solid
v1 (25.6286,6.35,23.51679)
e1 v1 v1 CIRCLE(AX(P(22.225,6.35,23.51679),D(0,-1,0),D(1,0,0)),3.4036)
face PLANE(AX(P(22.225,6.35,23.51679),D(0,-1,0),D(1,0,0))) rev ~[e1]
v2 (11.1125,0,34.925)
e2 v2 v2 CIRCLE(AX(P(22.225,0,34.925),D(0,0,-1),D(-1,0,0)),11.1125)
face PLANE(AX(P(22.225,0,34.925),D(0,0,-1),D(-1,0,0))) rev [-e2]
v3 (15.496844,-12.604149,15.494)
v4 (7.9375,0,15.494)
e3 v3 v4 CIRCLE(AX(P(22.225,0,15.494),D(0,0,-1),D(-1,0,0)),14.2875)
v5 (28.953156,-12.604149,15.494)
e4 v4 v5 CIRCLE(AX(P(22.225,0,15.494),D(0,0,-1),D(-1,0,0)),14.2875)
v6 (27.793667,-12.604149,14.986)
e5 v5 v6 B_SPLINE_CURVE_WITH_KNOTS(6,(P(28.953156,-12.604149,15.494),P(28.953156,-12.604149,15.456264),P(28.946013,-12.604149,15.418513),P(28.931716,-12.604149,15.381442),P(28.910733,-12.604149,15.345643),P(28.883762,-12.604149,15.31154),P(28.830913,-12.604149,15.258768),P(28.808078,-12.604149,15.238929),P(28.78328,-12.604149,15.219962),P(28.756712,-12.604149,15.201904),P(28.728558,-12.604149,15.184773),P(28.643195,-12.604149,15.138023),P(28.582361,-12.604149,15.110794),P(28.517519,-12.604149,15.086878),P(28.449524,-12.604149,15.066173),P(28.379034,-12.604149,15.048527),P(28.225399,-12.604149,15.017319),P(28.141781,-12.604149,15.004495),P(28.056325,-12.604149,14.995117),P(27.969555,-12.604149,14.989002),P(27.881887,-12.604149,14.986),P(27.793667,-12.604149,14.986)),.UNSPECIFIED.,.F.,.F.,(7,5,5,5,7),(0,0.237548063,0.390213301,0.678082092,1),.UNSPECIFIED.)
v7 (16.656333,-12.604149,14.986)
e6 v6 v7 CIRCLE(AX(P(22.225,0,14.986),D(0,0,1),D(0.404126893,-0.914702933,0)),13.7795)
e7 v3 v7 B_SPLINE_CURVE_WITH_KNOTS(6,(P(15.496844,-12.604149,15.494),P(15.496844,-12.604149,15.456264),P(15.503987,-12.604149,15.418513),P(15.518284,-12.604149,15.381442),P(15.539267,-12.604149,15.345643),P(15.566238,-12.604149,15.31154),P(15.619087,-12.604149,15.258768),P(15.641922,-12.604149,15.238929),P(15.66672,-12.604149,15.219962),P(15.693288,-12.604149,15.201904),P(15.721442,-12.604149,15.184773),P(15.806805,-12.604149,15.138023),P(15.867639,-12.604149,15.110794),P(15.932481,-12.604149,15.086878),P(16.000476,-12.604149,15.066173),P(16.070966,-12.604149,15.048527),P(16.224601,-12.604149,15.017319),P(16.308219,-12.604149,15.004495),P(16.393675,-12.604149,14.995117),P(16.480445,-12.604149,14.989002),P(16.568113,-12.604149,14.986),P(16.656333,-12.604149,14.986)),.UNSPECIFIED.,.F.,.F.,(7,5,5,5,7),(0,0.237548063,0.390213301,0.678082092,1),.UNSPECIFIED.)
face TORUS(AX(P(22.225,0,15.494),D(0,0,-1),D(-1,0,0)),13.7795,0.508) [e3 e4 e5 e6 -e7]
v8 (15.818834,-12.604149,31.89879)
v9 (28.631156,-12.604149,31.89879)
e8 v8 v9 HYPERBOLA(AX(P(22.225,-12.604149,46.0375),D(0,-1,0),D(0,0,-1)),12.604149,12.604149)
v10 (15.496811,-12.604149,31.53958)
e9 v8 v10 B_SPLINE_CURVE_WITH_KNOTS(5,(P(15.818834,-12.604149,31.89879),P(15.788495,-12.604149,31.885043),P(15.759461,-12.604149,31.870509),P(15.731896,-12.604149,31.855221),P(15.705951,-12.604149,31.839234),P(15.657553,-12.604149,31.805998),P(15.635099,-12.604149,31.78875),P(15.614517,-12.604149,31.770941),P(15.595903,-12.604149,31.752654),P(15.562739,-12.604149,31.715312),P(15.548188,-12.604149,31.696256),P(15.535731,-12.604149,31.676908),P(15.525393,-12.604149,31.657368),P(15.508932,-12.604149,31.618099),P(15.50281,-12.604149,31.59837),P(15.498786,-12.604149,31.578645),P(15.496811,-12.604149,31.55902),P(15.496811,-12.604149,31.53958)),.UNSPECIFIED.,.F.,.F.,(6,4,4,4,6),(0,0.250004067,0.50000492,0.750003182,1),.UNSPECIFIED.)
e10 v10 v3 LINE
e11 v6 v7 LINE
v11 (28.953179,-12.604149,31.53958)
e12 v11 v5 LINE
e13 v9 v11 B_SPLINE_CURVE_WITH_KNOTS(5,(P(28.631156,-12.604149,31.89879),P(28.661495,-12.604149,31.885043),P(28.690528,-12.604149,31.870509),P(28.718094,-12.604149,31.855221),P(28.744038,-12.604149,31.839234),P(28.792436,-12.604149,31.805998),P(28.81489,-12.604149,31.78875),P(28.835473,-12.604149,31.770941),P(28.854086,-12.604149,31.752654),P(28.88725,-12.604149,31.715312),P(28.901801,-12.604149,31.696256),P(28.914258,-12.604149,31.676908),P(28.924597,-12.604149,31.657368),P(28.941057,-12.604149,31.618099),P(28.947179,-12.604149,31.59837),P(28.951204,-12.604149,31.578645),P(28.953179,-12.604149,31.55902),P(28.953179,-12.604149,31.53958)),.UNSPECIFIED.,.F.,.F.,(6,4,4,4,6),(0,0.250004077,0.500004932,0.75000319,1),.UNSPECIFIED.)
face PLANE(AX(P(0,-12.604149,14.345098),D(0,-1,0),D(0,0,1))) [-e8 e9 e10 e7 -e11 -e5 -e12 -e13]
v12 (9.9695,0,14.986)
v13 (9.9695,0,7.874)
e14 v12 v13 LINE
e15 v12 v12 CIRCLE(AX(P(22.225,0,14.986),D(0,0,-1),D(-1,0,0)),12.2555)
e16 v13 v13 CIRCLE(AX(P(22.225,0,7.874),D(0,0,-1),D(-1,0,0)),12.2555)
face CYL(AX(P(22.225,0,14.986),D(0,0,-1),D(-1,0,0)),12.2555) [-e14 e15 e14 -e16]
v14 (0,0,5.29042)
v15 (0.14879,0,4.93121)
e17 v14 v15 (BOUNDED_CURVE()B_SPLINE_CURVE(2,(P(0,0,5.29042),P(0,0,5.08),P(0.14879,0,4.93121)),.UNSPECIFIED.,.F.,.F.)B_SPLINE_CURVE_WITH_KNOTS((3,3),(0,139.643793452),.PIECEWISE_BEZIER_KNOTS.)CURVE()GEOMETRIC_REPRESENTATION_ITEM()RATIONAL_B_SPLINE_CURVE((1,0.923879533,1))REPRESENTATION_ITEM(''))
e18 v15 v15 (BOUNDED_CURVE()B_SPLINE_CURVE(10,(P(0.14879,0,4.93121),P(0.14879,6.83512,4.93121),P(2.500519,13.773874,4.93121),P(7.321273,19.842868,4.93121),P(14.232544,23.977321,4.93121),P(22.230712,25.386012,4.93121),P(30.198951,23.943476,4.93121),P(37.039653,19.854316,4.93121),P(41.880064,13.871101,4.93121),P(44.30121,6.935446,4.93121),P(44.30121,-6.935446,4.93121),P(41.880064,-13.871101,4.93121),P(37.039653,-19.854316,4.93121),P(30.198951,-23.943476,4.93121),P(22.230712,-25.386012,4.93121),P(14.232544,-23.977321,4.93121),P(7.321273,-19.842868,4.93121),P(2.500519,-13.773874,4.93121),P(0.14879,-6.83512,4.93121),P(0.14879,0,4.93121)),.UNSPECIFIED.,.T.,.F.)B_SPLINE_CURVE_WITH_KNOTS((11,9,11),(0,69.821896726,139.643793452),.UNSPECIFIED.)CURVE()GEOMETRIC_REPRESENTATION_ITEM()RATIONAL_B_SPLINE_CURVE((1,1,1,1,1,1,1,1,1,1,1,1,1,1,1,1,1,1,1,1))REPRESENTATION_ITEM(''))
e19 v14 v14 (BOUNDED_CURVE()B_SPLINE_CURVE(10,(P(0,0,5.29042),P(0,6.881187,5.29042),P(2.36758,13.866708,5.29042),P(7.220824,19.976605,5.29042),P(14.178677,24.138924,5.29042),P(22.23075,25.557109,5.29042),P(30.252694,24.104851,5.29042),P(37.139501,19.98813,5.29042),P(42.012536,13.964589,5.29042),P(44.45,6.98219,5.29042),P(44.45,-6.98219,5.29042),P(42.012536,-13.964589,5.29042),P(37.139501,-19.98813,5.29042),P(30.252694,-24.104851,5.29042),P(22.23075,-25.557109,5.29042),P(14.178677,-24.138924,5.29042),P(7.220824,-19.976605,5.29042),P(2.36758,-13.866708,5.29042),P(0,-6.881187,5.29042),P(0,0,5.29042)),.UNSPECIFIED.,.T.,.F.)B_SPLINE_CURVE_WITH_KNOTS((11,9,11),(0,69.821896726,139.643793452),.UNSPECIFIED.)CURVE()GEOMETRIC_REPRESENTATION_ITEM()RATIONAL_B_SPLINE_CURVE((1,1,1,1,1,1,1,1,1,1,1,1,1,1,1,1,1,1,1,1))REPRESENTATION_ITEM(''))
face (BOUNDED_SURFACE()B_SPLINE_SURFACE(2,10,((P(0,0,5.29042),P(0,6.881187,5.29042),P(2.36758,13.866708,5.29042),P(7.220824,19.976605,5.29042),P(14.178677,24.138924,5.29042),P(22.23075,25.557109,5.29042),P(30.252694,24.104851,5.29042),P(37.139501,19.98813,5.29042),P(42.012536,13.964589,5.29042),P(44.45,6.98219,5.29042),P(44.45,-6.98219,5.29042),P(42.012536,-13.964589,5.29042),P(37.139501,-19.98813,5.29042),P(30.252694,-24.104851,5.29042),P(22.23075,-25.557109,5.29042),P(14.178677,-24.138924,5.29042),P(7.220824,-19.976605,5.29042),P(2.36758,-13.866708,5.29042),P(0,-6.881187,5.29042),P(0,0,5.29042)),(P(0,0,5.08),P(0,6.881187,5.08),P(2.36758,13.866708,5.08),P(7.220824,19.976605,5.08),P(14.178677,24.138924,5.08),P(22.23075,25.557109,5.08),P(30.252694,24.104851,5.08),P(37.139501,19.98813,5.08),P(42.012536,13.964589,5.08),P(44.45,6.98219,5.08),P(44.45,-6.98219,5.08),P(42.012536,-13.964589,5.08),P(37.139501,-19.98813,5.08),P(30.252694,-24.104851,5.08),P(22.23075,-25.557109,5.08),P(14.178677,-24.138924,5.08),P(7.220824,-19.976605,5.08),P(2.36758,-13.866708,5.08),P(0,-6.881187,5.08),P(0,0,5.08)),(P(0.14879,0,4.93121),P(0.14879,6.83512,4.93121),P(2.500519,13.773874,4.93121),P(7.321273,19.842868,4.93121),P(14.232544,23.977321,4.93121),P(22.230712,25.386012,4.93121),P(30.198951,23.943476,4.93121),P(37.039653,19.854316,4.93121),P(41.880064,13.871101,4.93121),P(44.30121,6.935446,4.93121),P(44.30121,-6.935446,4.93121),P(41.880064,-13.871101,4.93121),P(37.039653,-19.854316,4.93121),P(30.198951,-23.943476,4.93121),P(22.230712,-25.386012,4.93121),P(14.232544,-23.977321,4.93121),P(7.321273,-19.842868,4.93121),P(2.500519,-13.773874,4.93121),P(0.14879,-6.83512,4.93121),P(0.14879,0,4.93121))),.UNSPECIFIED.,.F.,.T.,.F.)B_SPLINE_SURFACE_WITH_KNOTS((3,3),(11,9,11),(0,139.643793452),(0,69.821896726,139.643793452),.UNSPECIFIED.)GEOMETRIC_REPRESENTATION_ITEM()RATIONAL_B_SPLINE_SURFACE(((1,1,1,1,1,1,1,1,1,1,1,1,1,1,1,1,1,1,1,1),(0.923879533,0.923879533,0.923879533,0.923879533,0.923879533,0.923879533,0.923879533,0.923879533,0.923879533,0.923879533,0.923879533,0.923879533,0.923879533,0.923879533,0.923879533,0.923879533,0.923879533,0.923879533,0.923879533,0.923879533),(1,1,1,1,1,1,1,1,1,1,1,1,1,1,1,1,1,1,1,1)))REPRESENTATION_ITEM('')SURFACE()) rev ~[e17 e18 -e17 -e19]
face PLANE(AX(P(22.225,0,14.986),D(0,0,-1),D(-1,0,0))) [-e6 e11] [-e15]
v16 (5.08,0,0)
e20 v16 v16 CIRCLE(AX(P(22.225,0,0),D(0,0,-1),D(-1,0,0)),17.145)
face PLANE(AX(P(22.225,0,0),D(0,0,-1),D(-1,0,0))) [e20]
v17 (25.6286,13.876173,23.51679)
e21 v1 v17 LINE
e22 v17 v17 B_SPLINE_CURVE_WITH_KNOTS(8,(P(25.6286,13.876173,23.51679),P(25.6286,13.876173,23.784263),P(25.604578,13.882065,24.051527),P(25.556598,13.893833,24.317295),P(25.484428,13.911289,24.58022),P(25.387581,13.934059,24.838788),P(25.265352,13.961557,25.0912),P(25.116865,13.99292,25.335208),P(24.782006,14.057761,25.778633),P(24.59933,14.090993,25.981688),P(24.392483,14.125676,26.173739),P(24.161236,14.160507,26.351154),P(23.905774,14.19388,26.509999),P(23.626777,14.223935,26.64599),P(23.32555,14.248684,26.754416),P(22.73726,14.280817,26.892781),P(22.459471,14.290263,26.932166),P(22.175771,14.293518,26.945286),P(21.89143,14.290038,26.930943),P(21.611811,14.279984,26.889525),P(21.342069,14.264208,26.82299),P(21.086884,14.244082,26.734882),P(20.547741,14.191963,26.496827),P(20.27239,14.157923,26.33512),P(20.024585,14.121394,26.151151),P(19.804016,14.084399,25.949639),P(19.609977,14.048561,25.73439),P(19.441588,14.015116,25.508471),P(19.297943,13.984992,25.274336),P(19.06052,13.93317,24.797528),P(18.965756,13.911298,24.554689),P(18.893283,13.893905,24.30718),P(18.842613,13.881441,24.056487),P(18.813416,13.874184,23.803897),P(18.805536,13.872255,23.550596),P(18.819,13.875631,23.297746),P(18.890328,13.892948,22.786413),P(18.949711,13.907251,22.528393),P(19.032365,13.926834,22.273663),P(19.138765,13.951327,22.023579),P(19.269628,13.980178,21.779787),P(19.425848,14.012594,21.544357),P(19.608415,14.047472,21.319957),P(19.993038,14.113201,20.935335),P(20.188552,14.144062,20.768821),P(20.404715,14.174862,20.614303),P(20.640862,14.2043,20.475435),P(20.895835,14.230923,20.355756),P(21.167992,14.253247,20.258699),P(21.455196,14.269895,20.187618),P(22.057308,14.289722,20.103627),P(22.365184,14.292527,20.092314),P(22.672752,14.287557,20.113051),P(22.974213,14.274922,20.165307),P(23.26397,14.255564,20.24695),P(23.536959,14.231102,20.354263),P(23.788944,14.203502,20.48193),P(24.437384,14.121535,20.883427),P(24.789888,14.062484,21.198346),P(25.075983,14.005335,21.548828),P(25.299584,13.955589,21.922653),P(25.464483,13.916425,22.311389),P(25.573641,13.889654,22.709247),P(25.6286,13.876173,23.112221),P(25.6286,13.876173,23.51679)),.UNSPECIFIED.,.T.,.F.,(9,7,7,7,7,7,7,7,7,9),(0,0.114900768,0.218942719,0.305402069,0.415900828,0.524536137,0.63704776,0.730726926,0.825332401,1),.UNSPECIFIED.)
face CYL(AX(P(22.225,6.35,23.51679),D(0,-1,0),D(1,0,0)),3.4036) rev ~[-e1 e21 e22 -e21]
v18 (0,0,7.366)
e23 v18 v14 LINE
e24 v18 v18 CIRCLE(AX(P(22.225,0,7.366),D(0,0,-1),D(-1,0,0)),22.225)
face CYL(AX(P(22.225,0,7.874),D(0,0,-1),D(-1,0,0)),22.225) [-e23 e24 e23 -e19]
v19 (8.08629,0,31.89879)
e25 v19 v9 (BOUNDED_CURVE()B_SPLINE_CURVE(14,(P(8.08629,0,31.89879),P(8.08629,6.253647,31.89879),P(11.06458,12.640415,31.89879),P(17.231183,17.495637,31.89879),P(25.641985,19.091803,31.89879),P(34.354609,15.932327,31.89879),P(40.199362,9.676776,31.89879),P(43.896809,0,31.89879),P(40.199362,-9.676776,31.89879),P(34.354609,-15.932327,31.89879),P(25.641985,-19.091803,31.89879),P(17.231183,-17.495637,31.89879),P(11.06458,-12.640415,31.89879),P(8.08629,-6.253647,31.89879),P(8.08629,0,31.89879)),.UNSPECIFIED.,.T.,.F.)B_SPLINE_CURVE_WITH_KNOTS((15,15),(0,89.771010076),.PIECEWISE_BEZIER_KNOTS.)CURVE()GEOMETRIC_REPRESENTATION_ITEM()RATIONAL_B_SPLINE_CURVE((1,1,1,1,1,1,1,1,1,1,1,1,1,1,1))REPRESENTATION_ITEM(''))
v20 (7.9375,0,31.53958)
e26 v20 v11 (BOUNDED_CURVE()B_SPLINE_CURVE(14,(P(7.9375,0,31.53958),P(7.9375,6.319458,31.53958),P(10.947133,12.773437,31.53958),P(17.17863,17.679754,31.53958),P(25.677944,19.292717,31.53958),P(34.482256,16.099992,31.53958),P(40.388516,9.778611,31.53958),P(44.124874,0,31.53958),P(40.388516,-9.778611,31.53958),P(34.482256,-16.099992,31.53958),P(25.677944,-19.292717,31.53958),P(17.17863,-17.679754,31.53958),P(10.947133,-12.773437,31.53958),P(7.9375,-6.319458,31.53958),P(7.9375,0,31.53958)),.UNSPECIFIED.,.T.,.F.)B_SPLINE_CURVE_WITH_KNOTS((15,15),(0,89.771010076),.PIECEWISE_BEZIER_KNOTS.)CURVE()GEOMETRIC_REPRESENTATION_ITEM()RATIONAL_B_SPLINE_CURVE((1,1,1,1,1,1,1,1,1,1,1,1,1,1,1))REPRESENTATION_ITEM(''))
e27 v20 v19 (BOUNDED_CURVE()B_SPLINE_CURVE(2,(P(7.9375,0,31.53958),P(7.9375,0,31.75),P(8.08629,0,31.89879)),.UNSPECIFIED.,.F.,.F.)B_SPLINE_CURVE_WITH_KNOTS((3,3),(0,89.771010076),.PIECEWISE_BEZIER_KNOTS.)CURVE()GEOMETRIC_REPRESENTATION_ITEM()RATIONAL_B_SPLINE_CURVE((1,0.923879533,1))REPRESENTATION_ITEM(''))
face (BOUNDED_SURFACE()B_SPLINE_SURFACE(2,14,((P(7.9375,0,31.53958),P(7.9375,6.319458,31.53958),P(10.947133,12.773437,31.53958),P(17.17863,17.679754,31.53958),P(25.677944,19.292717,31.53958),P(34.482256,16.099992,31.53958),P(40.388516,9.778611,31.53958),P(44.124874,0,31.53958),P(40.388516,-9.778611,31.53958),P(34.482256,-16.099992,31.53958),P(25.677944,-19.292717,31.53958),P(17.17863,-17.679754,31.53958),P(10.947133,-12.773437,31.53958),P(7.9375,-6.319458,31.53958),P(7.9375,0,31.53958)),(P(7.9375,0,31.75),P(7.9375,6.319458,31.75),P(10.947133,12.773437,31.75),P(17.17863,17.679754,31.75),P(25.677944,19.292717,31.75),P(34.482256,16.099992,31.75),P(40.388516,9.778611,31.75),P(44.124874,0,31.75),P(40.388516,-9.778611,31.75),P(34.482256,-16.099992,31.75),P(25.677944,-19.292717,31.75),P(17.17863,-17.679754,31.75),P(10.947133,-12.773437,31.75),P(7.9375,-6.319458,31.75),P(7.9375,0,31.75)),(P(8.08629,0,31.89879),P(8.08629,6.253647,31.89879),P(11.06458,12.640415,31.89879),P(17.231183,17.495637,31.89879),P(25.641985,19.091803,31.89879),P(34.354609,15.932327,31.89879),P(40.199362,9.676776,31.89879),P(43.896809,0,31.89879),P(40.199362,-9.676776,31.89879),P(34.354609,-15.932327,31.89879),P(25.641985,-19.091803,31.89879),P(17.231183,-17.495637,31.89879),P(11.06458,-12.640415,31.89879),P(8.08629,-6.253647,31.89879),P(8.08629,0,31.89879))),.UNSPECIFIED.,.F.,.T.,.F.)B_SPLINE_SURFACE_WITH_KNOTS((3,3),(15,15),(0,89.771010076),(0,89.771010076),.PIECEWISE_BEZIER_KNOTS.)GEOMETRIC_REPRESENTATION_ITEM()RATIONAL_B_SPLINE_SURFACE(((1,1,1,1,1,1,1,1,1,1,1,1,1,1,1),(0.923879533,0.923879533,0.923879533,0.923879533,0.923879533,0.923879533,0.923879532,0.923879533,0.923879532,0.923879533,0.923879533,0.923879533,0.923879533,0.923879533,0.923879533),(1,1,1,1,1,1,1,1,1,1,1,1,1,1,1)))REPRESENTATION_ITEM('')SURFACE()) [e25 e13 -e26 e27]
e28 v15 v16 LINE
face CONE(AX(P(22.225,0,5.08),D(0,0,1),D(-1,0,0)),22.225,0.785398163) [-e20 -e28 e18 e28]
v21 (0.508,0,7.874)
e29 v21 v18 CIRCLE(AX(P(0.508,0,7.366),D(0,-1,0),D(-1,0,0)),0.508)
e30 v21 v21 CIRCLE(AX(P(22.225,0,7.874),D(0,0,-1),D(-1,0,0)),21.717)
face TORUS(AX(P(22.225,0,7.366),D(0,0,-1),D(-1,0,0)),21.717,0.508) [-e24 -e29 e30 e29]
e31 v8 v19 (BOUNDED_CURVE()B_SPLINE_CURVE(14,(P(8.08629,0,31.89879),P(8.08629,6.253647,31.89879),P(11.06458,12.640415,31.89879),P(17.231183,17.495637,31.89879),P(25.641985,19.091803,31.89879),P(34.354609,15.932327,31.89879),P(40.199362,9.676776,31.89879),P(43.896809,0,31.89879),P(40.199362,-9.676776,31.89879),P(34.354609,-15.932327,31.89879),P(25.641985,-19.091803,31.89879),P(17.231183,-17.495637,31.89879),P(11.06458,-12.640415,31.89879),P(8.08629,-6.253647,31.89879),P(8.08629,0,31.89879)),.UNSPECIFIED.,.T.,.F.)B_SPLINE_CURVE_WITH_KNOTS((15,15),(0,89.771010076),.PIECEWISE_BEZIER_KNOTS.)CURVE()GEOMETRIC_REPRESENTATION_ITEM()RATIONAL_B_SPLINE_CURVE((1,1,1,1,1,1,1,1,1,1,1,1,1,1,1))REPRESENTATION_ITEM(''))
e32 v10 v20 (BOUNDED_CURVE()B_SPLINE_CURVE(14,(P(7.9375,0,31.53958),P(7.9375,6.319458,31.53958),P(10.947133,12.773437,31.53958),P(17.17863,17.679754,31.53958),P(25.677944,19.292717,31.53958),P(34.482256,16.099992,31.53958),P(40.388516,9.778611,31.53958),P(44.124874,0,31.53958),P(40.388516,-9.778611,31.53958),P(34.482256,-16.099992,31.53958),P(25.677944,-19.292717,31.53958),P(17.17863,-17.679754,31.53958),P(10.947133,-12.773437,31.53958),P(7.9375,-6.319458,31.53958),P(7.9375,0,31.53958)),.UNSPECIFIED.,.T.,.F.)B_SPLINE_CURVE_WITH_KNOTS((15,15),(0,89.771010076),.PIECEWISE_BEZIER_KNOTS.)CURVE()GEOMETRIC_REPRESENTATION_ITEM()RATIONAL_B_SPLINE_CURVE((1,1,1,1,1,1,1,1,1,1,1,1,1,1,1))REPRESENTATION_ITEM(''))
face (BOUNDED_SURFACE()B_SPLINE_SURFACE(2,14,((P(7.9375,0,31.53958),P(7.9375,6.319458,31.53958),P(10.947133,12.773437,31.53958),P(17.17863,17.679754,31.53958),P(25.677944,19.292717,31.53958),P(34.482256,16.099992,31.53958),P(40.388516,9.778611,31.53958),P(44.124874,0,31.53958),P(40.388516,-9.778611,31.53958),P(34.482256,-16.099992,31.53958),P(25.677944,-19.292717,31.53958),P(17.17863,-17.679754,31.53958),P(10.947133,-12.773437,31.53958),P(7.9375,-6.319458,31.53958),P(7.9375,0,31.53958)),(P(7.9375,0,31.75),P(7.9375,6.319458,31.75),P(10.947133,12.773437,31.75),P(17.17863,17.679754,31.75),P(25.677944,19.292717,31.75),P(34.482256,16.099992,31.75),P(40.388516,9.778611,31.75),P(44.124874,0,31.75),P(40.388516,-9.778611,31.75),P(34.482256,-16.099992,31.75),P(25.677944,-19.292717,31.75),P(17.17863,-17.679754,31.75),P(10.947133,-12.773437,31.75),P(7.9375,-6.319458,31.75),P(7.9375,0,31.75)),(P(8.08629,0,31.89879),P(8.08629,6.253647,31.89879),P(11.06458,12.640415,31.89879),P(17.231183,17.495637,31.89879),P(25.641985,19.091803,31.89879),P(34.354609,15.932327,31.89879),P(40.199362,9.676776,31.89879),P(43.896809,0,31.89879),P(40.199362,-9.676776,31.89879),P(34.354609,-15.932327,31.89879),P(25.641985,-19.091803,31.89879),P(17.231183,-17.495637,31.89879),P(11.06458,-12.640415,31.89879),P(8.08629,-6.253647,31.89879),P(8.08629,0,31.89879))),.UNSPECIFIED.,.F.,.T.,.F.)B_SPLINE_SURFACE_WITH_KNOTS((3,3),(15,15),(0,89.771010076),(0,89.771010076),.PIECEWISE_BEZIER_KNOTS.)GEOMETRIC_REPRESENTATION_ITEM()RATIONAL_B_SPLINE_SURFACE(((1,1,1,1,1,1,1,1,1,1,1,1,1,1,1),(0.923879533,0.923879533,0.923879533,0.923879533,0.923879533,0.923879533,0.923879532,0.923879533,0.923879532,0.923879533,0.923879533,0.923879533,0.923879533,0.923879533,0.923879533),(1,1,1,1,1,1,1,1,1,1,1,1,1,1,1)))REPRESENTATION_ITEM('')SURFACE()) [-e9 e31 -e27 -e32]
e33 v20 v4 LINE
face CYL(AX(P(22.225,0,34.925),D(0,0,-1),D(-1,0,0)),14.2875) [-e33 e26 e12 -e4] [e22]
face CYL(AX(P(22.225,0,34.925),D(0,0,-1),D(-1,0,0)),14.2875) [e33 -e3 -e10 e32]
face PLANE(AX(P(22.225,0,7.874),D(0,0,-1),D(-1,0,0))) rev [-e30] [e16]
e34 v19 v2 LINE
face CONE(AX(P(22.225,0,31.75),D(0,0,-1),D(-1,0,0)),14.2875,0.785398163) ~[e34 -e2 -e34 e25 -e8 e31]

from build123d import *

# Parameters (mm, degrees)
F2_SIZE  = 5.08
F3_SIZE  = 3.175
F4_R     = 0.508
F6_R     = 3.4036
F7_DEPTH = 25.4
F8_W     = 7.3712486774
F8_H     = 21.0607126355
F9_DEPTH = 44.4510001


with BuildPart() as f1:
    # F0 (on Front) → F1 (revolve)
    with BuildSketch(Plane.XZ):
        Polygon((0, 7.874), (0, 0), (22.225, 0), (22.225, 34.925), (7.9375, 34.925), (7.9375, 14.986), (9.9695, 14.986), (9.9695, 7.874), align=None)
    revolve(axis=Axis((22.225, 0, 17.4625), (0, 0, -1)))

    # F2
    f2_edges = [f1.edges().sort_by_distance(p)[0] for p in [
        (44.45, 0, 0),
    ]]
    chamfer(f2_edges, length=F2_SIZE)

    # F3
    f3_edges = [f1.edges().sort_by_distance(p)[0] for p in [
        (36.5125, 0, 34.925),
    ]]
    chamfer(f3_edges, length=F3_SIZE)

    # F4
    f4_edges = [f1.edges().sort_by_distance(p)[0] for p in [
        (36.5125, 0, 14.986),
        (7.9375, 0, 23.368),
        (36.5125, 0, 31.75),
        (0, 0, 6.477),
        (44.45, 0, 5.08),
        (44.45, 0, 7.874),
    ]]
    fillet(f4_edges, radius=F4_R)

    # F6 (on offset) → F7 (cut)
    with BuildSketch(Plane.XZ.offset(-6.35)):
        with Locations((22.225, 23.5167897552)):
            Circle(F6_R)
    extrude(amount=-F7_DEPTH, mode=Mode.SUBTRACT)

    # F8 (on Right) → F9 (cut, through all)
    with BuildSketch(Plane.YZ):
        with Locations((-16.2897733971, 24.8754546046)):
            Rectangle(F8_W, F8_H)
    extrude(amount=F9_DEPTH, mode=Mode.SUBTRACT)


solid = f1.part
